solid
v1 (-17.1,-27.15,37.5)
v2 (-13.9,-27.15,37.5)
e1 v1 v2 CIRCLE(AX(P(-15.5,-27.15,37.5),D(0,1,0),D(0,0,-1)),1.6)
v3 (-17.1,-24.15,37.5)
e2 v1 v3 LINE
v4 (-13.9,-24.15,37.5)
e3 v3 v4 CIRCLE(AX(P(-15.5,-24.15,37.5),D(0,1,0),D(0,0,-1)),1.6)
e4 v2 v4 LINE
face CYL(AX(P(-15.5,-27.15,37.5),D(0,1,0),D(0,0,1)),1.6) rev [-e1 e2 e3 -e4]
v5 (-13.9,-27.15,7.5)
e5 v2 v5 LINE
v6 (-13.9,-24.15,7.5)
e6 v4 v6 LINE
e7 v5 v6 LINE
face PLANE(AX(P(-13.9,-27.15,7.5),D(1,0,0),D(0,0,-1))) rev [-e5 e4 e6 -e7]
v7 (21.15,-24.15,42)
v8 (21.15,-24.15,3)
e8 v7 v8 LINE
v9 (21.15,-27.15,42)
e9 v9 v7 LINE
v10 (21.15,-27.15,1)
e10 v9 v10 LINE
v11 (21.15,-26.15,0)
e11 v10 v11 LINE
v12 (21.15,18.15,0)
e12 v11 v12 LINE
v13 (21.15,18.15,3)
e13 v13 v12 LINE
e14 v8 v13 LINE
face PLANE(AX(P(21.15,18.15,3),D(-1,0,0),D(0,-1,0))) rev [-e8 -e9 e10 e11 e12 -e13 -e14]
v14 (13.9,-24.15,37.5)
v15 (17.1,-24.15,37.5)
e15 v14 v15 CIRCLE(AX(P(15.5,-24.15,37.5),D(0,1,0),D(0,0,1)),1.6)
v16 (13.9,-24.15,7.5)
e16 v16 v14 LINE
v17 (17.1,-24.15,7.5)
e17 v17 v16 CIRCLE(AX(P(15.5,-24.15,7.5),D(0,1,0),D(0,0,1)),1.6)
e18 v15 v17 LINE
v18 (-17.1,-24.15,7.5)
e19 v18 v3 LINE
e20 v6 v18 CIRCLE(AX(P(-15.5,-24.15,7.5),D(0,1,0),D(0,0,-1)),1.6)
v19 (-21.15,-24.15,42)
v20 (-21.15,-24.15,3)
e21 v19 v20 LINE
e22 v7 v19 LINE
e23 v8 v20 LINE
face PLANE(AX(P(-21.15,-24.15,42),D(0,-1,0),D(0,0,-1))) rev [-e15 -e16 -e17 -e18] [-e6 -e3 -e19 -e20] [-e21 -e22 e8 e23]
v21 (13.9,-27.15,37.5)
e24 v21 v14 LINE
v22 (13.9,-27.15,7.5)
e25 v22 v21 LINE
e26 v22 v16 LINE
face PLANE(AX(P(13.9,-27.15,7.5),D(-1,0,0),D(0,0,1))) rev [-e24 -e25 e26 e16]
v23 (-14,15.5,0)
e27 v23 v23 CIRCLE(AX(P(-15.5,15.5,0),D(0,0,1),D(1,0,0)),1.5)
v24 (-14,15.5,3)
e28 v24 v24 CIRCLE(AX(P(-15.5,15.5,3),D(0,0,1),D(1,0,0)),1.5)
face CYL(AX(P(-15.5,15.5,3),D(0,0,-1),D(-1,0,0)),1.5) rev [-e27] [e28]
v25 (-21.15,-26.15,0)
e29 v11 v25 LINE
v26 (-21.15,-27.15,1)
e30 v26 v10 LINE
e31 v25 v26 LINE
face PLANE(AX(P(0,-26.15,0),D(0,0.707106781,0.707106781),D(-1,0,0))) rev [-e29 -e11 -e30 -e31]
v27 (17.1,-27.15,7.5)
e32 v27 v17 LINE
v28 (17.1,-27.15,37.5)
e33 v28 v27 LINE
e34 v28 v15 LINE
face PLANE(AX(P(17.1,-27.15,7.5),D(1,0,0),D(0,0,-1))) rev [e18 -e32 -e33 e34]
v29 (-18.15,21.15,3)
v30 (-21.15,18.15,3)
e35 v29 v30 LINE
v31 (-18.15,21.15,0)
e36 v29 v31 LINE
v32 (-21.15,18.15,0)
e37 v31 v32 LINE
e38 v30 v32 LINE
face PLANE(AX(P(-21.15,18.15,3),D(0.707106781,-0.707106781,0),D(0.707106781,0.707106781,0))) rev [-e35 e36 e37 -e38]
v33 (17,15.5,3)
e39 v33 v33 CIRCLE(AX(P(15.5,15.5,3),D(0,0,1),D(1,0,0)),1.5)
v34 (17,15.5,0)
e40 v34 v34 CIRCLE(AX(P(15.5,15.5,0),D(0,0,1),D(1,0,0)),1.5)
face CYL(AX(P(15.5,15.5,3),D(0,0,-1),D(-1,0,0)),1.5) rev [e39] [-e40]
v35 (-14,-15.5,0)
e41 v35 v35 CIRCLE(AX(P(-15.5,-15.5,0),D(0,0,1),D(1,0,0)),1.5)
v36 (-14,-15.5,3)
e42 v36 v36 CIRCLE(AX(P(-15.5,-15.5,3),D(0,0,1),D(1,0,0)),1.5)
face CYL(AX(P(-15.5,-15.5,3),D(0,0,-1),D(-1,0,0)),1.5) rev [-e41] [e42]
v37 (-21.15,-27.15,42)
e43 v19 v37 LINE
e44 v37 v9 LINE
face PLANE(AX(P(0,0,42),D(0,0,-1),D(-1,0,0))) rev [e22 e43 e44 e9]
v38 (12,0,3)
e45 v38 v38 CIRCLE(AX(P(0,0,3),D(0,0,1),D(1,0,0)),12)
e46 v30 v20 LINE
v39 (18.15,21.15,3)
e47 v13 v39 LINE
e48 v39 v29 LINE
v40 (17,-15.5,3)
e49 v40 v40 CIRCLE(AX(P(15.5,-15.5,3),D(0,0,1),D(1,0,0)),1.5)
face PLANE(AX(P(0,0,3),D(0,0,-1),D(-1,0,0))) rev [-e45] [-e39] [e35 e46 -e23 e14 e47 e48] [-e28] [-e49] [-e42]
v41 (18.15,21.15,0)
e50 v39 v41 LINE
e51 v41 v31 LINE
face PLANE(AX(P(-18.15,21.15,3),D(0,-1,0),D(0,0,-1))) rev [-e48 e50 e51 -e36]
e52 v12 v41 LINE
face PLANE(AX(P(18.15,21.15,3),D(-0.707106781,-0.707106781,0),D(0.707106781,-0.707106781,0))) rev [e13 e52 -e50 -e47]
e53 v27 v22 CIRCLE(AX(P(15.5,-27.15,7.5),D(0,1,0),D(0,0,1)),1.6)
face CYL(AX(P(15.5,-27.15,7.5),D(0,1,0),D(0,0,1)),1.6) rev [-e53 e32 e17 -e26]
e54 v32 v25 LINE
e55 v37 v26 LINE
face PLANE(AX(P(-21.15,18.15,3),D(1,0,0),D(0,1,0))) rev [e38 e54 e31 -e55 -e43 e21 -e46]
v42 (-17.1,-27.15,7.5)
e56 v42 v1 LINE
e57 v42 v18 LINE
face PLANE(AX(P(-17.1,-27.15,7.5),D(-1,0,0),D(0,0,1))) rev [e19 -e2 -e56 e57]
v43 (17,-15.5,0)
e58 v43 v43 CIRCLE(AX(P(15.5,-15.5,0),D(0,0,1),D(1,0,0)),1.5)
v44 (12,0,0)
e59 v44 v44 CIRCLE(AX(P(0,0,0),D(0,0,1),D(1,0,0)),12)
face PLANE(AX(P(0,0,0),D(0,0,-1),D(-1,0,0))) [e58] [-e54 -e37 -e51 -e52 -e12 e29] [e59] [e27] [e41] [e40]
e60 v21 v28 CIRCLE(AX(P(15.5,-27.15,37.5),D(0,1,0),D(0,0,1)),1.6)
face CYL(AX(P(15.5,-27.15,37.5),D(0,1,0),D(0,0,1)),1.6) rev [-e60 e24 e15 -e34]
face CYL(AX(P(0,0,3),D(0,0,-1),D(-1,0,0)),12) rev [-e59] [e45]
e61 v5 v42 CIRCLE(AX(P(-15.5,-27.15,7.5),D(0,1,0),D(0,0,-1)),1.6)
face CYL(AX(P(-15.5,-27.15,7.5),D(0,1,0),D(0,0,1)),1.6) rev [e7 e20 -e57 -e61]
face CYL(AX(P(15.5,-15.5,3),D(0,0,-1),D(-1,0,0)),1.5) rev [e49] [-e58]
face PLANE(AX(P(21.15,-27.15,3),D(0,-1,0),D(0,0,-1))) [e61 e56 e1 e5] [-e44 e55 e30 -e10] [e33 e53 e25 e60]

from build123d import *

# Parameters (mm, degrees)
SKETCH1_R           = 1.5
SKETCH1_R_2         = 12
BOSS_EXTRUDE1_DEPTH = 3
BOSS_EXTRUDE2_DEPTH = 3
SKETCH3_W           = 42.3
SKETCH3_H           = 3
BOSS_EXTRUDE3_DEPTH = 39
CHAMFER1_SIZE       = 1
CUT_EXTRUDE1_DEPTH  = 3


with BuildPart() as part:
    # Sketch1 → Boss-Extrude1 (new body)
    with BuildSketch(Plane.XY):
        Polygon((-21.15, 18.15), (-18.15, 21.15), (18.15, 21.15), (21.15, 18.15), (21.15, -18.15), (18.15, -21.15), (-18.15, -21.15), (-21.15, -18.15), align=None)
        with Locations((-15.5, 15.5)):
            Circle(SKETCH1_R, mode=Mode.SUBTRACT)
        with Locations((15.5, 15.5)):
            Circle(SKETCH1_R, mode=Mode.SUBTRACT)
        with Locations((15.5, -15.5)):
            Circle(SKETCH1_R, mode=Mode.SUBTRACT)
        with Locations((-15.5, -15.5)):
            Circle(SKETCH1_R, mode=Mode.SUBTRACT)
        Circle(SKETCH1_R_2, mode=Mode.SUBTRACT)
    extrude(amount=BOSS_EXTRUDE1_DEPTH)

    # Sketch2 → Boss-Extrude2 (add)
    with BuildSketch(Plane(origin=(0, 0, 0), x_dir=(-1, 0, 0), z_dir=(0, 0, -1))):
        Polygon((21.15, -18.15), (18.15, -21.15), (-18.15, -21.15), (-21.15, -18.15), (-21.15, -27.15), (21.15, -27.15), align=None)
    extrude(amount=-BOSS_EXTRUDE2_DEPTH)

    # Sketch3 → Boss-Extrude3 (add)
    with BuildSketch(Plane.XY.offset(3)):
        with Locations((0, -25.65)):
            Rectangle(SKETCH3_W, SKETCH3_H)
    extrude(amount=BOSS_EXTRUDE3_DEPTH)

    # Chamfer1
    chamfer1_edges = [part.edges().sort_by_distance(p)[0] for p in [
        (0, -27.15, 0),
    ]]
    chamfer(chamfer1_edges, length=CHAMFER1_SIZE)

    # Sketch4 → Cut-Extrude1 (cut)
    with BuildSketch(Plane(origin=(0, -24.15, 0), x_dir=(1, 0, 0), z_dir=(0, 1, 0))):
        with BuildLine():
            Line((17.1, -7.5), (17.1, -37.5))
            ThreePointArc((17.1, -37.5), (15.5, -39.1), (13.9, -37.5))
            Line((13.9, -37.5), (13.9, -7.5))
            ThreePointArc((13.9, -7.5), (15.5, -5.9), (17.1, -7.5))
        make_face()
        with BuildLine():
            Line((-17.1, -7.5), (-17.1, -37.5))
            ThreePointArc((-17.1, -37.5), (-15.5, -39.1), (-13.9, -37.5))
            Line((-13.9, -37.5), (-13.9, -7.5))
            ThreePointArc((-13.9, -7.5), (-15.5, -5.9), (-17.1, -7.5))
        make_face()
    extrude(amount=-CUT_EXTRUDE1_DEPTH, mode=Mode.SUBTRACT)


solid = part.part
